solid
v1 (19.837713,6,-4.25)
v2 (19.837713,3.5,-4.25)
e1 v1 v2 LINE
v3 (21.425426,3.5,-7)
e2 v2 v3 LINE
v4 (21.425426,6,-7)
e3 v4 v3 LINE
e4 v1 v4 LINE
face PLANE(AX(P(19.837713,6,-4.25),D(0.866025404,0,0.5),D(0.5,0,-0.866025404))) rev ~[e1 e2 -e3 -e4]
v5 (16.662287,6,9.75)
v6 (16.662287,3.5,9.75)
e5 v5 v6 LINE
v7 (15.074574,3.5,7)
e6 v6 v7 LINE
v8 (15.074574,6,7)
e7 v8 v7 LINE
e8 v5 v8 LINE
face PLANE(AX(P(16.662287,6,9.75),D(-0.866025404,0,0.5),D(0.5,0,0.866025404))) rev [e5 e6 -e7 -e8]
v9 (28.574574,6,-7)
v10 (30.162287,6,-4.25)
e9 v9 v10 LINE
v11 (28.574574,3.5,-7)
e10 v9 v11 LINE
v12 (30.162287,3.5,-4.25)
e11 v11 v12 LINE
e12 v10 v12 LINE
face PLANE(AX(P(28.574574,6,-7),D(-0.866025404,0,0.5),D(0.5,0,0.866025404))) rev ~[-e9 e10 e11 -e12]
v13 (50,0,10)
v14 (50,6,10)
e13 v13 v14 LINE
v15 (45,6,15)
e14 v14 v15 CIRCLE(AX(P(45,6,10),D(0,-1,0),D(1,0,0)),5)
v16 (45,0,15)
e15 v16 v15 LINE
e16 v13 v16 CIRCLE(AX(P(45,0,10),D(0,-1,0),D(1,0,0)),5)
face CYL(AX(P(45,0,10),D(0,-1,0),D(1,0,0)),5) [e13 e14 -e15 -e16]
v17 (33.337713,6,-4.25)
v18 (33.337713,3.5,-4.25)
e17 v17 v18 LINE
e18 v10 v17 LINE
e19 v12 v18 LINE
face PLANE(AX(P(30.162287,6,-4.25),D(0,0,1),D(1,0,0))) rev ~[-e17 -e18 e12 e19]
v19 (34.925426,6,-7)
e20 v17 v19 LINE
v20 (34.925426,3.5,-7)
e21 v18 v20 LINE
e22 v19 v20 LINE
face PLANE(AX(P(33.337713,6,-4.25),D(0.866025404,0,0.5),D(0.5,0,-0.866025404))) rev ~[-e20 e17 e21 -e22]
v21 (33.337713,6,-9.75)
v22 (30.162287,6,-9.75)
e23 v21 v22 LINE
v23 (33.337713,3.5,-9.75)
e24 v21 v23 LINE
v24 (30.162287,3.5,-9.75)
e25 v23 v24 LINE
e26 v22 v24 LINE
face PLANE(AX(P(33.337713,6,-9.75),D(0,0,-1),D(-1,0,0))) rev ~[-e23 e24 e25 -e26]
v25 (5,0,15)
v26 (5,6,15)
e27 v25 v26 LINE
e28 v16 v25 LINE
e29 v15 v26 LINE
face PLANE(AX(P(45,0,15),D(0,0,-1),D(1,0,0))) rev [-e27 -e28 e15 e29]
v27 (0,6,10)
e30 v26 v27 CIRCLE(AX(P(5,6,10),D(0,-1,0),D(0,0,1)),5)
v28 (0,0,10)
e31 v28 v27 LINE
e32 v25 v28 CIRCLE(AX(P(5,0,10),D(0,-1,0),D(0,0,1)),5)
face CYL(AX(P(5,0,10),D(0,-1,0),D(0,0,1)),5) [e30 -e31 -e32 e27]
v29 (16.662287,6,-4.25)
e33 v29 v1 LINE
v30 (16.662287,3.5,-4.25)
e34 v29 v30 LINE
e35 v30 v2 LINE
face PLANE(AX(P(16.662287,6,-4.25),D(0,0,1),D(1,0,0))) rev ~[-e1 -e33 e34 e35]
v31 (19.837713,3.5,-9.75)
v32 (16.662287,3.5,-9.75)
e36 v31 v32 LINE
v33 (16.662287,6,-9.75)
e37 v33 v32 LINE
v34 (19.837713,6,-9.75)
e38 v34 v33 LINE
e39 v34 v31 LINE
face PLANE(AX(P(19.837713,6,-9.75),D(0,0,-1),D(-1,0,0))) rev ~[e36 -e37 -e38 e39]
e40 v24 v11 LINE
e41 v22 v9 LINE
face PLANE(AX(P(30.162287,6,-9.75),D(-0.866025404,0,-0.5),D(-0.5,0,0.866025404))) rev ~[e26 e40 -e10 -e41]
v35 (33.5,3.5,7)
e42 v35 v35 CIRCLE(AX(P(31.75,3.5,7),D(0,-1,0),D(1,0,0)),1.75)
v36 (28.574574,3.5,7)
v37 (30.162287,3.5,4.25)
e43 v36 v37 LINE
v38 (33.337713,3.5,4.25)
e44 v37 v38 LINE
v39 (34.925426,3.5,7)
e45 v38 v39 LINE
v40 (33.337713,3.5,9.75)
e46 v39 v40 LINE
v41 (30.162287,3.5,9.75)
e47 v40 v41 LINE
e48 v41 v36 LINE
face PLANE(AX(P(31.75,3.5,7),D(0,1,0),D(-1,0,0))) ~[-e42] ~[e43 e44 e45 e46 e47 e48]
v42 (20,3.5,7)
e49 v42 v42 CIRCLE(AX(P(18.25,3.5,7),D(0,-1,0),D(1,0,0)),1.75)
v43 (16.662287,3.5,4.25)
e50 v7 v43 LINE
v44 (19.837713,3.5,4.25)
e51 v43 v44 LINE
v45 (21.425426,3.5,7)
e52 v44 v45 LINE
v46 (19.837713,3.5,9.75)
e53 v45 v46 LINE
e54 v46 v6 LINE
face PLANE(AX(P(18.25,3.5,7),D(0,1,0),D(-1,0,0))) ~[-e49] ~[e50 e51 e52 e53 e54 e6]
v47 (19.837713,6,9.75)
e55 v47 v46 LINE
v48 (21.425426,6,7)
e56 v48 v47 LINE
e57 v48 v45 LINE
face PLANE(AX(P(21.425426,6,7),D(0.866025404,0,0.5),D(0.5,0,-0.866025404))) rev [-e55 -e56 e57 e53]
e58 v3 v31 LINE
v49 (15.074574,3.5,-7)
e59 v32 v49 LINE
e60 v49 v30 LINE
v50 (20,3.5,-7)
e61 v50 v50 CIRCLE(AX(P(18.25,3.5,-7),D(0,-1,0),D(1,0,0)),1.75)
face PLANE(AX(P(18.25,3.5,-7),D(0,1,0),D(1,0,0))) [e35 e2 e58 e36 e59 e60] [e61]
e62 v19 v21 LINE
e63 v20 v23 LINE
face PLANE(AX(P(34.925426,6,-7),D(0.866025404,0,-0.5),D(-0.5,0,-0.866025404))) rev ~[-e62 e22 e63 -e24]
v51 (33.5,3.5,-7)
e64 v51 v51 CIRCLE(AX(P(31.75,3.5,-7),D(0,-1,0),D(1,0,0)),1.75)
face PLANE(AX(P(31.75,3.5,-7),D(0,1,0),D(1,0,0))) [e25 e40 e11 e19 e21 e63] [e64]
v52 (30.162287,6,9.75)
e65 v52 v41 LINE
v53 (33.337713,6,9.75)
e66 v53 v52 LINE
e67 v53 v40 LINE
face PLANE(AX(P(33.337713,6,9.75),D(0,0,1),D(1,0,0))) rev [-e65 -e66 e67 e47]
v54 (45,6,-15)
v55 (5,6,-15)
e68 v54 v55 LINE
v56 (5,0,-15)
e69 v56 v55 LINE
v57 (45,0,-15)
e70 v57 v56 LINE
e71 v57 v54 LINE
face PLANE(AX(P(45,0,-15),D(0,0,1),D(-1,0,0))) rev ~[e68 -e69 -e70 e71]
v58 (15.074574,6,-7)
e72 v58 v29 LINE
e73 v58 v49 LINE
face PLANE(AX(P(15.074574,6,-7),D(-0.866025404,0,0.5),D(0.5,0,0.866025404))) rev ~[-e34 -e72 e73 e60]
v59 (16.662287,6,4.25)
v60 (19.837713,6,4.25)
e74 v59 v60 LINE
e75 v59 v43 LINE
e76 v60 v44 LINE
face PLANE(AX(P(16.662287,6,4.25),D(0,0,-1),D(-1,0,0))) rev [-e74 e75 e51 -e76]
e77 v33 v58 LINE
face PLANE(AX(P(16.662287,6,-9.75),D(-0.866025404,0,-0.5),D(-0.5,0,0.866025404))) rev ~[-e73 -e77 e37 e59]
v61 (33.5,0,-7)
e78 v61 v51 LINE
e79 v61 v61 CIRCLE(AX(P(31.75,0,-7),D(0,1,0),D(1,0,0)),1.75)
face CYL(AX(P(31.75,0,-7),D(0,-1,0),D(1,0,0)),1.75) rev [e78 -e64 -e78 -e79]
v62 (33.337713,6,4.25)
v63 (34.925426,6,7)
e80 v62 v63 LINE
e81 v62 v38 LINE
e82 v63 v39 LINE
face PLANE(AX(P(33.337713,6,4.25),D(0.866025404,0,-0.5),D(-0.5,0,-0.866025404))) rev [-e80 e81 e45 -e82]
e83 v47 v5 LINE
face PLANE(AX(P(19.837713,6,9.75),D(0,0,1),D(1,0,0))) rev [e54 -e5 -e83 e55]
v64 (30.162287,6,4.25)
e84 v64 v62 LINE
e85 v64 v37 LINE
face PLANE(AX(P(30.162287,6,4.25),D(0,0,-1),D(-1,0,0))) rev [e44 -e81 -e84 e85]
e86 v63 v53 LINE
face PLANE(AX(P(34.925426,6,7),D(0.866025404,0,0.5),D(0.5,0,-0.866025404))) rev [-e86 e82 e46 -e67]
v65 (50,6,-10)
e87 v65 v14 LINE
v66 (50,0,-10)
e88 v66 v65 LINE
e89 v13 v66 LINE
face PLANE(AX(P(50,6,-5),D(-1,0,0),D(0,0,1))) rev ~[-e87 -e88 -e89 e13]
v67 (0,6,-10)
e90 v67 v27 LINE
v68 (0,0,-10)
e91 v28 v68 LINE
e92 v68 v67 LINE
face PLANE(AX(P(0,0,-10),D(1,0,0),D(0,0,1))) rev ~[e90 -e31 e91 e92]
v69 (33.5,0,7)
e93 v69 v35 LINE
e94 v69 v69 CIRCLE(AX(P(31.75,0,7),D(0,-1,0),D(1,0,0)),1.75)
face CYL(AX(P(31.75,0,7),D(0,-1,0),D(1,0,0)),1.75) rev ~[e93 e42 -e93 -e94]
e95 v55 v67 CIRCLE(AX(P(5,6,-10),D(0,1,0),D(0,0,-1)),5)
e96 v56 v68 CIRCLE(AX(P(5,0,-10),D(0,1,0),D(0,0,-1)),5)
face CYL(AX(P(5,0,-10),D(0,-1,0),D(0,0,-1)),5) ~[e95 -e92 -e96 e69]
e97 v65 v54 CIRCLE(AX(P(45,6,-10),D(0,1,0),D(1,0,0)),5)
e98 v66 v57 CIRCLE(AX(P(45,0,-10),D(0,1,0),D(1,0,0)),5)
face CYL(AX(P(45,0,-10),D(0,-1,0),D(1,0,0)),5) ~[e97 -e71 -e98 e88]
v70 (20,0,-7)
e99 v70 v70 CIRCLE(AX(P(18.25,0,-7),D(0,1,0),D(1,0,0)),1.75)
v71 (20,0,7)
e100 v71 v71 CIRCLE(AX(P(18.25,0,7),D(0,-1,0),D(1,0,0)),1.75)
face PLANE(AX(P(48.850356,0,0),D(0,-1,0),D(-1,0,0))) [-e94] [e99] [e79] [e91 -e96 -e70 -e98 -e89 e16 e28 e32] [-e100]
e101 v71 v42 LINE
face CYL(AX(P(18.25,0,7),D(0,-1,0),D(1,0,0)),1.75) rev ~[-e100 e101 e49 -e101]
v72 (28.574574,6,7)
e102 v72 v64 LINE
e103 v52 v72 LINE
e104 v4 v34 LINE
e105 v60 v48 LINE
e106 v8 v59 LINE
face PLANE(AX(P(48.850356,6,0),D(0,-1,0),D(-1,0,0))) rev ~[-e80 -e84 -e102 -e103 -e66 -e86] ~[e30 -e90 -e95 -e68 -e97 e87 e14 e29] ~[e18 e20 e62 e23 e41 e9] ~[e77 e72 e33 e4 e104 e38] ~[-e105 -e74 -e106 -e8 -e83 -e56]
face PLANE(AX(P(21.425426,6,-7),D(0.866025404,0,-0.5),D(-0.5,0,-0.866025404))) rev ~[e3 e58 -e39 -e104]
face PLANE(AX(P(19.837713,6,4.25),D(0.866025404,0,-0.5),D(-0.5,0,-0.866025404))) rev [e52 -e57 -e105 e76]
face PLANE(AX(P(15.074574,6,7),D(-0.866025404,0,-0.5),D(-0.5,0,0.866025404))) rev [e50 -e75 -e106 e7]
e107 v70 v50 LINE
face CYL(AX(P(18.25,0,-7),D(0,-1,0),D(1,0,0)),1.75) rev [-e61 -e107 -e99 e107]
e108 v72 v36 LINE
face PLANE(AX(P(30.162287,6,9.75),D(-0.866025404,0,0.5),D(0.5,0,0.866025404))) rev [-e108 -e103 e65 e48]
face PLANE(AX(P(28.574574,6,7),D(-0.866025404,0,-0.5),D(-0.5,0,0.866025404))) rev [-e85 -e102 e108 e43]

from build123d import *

# Parameters (mm, degrees)
SKETCH1_R           = 1.75
BOSS_EXTRUDE1_DEPTH = 6
CUT_EXTRUDE1_DEPTH  = 2.5
BOSS_EXTRUDE2_DEPTH = 6


with BuildPart() as part:
    # Sketch1 → Boss-Extrude1 (new body)
    with BuildSketch(Plane(origin=(0, 0, 0), x_dir=(1, 0, 0), z_dir=(0, 1, 0))):
        with BuildLine():
            Line((5, 0), (45, 0))
            ThreePointArc((45, 0), (48.535533906, 1.464466094), (50, 5))
            Line((50, 5), (50, 10))
            ThreePointArc((50, 10), (48.535533906, 13.535533906), (45, 15))
            Line((45, 15), (5, 15))
            ThreePointArc((5, 15), (1.464466094, 13.535533906), (0, 10))
            Line((0, 10), (0, 5))
            ThreePointArc((0, 5), (1.464466094, 1.464466094), (5, 0))
        make_face()
        with Locations((18.25, 7)):
            Circle(SKETCH1_R, mode=Mode.SUBTRACT)
        with Locations((31.75, 7)):
            Circle(SKETCH1_R, mode=Mode.SUBTRACT)
    boss_extrude1 = extrude(amount=BOSS_EXTRUDE1_DEPTH)

    # Sketch2 → Cut-Extrude1 (cut)
    with BuildSketch(Plane(origin=(0, 6, 0), x_dir=(1, 0, 0), z_dir=(0, 1, 0))):
        Polygon((19.83771324, 4.25), (21.425426481, 7), (19.83771324, 9.75), (16.66228676, 9.75), (15.074573519, 7), (16.66228676, 4.25), align=None)
        Polygon((33.33771324, 4.25), (34.925426481, 7), (33.33771324, 9.75), (30.16228676, 9.75), (28.574573519, 7), (30.16228676, 4.25), align=None)
    cut_extrude1 = extrude(amount=-CUT_EXTRUDE1_DEPTH, mode=Mode.SUBTRACT)

    # Mirror1: Boss-Extrude1, Cut-Extrude1 across plane
    add(boss_extrude1.mirror(Plane.XY))
    add(cut_extrude1.mirror(Plane.XY), mode=Mode.SUBTRACT)

    # Sketch3 → Boss-Extrude2 (add)
    with BuildSketch(Plane(origin=(0, 6, 0), x_dir=(1, 0, 0), z_dir=(0, 1, 0))):
        with BuildLine():
            Line((50, 5), (50, -5))
            ThreePointArc((50, -5), (48.535533906, -1.464466094), (45, 0))
            ThreePointArc((45, 0), (48.535533906, 1.464466094), (50, 5))
        make_face()
        with BuildLine():
            Line((0, 5), (0, -5))
            ThreePointArc((0, -5), (1.464466094, -1.464466094), (5, 0))
            ThreePointArc((5, 0), (1.464466094, 1.464466094), (0, 5))
        make_face()
    extrude(amount=-BOSS_EXTRUDE2_DEPTH)


solid = part.part
